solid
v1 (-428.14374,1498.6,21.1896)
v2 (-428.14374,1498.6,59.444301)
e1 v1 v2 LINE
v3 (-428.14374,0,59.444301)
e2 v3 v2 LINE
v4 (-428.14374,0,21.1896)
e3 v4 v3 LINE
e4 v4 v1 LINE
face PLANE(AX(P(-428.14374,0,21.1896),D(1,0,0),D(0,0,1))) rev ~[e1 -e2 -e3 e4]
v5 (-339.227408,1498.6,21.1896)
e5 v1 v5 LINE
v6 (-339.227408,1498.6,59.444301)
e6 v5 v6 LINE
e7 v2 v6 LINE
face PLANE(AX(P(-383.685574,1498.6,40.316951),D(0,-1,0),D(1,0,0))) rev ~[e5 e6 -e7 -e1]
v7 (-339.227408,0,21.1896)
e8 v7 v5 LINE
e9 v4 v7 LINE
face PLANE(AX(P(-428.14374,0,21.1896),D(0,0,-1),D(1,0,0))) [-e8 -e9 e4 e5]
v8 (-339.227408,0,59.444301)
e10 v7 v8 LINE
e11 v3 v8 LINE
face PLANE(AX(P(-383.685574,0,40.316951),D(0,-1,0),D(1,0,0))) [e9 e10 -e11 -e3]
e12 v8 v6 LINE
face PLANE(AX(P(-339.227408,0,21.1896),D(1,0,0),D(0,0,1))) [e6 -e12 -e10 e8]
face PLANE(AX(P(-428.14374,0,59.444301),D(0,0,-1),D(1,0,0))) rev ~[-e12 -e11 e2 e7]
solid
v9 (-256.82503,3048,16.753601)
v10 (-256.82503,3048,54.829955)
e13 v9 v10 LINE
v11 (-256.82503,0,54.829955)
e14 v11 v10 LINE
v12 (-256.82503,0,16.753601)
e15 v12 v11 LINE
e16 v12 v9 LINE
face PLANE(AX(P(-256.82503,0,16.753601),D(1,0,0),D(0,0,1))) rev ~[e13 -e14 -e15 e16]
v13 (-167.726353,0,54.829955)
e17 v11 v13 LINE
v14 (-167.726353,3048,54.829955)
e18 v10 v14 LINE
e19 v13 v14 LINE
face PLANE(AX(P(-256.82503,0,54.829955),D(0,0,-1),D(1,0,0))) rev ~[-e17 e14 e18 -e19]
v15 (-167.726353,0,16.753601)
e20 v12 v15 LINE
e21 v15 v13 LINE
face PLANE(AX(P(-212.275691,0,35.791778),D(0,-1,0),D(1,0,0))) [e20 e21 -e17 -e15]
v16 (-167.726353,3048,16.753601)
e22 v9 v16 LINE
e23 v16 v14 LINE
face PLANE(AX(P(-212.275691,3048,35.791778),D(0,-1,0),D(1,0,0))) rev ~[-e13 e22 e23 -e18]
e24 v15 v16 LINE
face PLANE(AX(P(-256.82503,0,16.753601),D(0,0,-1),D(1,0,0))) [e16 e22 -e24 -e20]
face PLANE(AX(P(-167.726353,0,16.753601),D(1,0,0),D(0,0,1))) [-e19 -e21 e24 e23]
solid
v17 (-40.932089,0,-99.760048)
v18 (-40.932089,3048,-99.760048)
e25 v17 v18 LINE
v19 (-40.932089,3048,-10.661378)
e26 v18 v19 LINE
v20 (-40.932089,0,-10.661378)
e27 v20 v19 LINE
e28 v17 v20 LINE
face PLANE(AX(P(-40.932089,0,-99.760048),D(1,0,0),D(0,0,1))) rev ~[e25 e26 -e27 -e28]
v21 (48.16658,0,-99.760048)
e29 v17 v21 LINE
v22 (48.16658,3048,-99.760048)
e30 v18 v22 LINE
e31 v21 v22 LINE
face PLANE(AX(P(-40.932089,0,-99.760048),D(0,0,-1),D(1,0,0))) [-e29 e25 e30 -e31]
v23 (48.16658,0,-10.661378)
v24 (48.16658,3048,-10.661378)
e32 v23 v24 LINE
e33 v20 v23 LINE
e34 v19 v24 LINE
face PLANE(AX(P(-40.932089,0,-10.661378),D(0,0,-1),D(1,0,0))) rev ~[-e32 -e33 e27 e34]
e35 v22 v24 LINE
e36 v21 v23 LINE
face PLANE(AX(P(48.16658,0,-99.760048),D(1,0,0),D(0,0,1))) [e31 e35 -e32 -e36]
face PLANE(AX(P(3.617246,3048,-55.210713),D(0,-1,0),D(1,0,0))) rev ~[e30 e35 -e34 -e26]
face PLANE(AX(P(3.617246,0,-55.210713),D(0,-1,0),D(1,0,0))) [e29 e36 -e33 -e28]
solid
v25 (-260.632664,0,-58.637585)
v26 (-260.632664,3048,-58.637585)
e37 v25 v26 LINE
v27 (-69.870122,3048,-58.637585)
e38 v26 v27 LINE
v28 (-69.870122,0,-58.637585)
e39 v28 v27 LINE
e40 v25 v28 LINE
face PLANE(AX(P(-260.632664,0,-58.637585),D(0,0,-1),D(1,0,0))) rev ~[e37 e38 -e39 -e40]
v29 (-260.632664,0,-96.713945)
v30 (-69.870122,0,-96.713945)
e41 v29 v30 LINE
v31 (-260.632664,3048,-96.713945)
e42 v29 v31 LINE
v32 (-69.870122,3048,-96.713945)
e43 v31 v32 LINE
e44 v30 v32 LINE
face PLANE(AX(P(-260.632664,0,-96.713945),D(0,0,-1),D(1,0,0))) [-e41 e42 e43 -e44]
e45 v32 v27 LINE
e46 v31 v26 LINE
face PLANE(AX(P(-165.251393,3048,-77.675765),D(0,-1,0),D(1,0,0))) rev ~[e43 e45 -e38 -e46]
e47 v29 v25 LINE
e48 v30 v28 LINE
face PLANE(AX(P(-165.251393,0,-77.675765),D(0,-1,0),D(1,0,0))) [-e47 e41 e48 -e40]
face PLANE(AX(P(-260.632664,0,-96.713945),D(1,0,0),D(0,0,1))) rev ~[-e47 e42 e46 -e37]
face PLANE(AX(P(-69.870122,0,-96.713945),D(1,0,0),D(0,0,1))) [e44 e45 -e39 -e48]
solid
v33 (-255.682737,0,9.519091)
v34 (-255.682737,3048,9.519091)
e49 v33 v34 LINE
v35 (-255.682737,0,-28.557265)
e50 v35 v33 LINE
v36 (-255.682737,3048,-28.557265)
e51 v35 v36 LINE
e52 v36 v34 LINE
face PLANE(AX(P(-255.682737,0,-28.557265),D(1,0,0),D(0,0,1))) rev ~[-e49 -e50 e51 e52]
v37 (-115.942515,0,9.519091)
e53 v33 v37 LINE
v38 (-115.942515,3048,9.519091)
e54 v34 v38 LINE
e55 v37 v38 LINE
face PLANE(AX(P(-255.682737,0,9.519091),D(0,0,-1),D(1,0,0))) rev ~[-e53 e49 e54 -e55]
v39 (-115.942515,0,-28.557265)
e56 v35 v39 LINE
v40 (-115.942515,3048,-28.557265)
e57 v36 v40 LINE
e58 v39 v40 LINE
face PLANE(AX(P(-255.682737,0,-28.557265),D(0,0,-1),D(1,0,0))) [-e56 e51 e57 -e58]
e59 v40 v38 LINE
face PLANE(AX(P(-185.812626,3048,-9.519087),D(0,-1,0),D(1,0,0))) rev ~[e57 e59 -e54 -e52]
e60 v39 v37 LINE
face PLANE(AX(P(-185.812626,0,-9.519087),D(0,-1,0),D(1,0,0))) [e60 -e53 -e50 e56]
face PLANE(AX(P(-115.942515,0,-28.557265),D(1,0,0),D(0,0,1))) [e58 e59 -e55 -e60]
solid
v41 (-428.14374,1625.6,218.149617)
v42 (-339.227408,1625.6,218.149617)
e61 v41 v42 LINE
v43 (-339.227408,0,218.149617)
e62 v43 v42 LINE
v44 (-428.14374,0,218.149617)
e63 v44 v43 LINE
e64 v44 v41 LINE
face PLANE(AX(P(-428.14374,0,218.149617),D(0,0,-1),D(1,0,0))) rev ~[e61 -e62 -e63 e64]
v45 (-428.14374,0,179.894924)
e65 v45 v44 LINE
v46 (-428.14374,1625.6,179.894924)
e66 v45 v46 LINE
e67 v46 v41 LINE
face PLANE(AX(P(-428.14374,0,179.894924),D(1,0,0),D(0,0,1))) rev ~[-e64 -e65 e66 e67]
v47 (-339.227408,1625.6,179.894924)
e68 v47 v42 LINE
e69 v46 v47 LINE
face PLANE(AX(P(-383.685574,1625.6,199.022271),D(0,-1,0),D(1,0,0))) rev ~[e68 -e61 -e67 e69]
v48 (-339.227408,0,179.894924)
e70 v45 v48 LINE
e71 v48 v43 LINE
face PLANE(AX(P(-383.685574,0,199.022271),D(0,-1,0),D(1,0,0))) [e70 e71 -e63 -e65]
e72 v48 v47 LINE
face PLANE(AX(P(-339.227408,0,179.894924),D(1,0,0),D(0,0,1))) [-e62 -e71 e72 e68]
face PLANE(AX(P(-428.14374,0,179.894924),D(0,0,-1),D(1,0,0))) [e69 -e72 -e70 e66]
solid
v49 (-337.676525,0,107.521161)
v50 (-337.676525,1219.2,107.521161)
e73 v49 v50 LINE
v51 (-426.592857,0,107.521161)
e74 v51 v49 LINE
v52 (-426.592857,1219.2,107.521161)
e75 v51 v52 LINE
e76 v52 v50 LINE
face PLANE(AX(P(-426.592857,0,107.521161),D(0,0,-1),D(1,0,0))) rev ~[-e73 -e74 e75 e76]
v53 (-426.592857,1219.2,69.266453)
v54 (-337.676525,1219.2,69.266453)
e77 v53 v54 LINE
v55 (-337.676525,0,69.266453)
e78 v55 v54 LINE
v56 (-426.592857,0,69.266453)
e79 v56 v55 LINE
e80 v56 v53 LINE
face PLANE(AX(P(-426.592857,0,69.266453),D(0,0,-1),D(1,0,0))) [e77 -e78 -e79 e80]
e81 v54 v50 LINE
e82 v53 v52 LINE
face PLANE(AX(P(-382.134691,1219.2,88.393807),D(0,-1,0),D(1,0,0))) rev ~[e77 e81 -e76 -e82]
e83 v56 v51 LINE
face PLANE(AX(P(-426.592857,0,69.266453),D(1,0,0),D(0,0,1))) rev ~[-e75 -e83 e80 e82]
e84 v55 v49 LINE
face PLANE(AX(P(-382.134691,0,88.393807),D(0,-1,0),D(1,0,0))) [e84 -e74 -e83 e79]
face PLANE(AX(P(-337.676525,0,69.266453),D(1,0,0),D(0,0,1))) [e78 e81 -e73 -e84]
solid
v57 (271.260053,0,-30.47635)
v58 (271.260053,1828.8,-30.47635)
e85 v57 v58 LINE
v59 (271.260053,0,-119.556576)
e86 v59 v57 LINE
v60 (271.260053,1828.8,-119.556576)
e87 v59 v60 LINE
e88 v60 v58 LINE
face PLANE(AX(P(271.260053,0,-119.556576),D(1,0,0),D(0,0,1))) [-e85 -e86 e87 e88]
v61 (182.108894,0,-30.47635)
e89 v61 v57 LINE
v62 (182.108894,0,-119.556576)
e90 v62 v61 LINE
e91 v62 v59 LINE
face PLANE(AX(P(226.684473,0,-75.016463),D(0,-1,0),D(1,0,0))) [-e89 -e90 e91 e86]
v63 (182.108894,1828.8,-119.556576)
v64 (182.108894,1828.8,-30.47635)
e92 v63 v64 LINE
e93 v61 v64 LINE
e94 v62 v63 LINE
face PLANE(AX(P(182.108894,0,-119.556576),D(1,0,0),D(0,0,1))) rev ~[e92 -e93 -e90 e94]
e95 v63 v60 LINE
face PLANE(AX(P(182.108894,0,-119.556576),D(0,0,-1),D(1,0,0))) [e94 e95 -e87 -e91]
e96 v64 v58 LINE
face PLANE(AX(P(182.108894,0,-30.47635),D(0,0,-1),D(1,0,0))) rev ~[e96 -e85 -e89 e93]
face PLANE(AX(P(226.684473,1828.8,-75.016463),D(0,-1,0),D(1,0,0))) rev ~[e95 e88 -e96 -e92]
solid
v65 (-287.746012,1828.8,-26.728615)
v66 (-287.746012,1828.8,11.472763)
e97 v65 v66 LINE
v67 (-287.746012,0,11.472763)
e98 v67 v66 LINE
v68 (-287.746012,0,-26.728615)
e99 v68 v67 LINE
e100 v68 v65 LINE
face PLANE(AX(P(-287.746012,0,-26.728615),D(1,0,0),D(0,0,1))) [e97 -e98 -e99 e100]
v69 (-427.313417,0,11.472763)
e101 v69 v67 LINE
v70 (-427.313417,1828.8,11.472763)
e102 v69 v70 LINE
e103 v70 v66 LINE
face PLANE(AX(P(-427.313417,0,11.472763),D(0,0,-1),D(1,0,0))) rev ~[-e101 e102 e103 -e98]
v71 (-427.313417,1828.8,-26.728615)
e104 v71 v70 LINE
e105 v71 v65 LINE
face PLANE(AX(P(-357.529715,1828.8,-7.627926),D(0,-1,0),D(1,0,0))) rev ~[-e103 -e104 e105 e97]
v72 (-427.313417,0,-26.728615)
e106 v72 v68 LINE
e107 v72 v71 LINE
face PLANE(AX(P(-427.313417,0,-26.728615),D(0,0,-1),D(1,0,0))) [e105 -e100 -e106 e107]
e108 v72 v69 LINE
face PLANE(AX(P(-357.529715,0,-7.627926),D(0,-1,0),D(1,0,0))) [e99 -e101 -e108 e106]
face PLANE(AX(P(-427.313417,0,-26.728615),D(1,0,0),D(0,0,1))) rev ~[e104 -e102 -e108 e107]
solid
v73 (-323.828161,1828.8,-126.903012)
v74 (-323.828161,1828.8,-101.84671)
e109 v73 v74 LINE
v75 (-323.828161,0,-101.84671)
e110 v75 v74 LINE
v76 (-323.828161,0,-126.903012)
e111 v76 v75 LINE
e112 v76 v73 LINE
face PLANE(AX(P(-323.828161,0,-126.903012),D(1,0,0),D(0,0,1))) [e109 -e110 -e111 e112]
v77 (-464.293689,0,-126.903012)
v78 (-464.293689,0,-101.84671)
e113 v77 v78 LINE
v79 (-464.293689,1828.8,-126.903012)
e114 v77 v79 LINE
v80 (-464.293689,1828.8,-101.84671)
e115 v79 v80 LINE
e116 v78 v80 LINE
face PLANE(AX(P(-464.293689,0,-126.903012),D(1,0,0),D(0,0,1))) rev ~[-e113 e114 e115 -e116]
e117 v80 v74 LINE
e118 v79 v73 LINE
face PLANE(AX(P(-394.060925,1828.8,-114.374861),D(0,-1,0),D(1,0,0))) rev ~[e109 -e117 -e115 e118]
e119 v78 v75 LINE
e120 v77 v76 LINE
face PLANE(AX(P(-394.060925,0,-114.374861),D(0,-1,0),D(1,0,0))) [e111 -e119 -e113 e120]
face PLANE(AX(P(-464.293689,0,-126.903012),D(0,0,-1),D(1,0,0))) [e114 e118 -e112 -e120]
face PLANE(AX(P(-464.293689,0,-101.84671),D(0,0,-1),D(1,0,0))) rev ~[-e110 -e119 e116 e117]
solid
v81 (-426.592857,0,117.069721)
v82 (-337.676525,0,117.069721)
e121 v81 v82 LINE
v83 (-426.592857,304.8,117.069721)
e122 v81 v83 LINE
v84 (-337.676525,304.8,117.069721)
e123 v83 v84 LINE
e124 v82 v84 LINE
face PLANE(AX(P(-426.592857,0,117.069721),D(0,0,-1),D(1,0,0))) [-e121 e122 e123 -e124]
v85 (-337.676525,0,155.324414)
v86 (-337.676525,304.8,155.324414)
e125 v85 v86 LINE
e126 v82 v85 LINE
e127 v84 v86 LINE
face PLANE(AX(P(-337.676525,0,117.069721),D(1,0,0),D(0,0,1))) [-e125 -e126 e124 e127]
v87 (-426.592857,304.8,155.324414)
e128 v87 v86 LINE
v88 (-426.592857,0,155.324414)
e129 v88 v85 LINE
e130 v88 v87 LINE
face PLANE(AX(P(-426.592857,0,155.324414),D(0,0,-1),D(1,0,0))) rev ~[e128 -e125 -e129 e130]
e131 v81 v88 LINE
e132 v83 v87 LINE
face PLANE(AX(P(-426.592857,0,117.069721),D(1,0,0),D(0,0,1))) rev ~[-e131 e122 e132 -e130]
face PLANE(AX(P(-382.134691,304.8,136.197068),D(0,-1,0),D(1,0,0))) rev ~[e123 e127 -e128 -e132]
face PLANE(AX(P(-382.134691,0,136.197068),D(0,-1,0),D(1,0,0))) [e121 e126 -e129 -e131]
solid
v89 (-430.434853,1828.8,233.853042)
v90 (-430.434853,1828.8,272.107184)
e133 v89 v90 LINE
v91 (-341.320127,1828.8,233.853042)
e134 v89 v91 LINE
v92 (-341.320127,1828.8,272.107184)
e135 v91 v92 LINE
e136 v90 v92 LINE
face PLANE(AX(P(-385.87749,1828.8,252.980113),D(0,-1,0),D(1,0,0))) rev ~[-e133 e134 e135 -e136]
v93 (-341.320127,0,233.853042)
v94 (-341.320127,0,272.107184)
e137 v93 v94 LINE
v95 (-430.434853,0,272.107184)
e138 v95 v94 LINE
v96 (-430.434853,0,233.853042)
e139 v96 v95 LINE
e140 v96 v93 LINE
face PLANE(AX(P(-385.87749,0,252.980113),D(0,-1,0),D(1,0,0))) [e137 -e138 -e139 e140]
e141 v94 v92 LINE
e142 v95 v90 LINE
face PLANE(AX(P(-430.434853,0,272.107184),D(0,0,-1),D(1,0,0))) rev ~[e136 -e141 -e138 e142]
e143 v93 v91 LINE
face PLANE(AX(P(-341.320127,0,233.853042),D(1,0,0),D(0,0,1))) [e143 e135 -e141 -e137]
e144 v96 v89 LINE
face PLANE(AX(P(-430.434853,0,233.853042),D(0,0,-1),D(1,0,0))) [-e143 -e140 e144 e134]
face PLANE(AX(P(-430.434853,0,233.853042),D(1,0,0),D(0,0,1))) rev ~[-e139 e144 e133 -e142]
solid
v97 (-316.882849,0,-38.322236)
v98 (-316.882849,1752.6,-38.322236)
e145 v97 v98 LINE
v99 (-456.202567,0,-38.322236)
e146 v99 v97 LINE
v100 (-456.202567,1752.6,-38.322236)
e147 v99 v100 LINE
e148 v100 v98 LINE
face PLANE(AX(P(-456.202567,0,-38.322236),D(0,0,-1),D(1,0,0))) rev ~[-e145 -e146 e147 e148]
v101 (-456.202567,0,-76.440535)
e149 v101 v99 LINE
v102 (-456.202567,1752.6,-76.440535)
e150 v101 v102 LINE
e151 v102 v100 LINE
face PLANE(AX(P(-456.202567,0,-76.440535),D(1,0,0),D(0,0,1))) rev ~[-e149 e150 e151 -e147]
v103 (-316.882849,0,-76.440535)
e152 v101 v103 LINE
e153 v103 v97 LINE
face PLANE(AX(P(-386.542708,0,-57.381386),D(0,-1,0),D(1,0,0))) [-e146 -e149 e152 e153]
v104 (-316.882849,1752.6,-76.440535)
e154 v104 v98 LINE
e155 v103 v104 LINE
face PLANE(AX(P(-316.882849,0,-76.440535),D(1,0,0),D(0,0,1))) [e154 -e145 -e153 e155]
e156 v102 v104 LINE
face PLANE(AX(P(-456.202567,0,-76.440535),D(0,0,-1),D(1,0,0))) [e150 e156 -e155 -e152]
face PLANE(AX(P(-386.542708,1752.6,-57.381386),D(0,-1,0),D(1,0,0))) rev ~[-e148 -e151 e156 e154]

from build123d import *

# Parameters (mm, degrees)
F0_W      = 190.7625421882
F0_H      = 38.0763597786
F1_DEPTH  = 3048
F0_W_2    = 89.0986770391
F0_H_2    = 38.0763541907
F0_W_3    = 139.7402212024
F0_H_3    = 38.0763560534
F0_W_4    = 89.0986695886
F0_H_4    = 89.0986705199
F3_W      = 139.5674049854
F3_H      = 38.2013777271
F4_DEPTH  = 1828.8
F5_W      = 139.3197178841
F5_H      = 38.1182990968
F6_DEPTH  = 1752.6
F7_W      = 140.4655277729
F7_H      = 25.0563025475
F8_DEPTH  = 1828.8
F9_W      = 89.1511589289
F9_H      = 89.0802256763
F10_DEPTH = 1828.8
F11_W     = 88.9163315296
F11_H     = 38.2546931505
F12_DEPTH = 304.8
F13_W     = 88.9163315296
F13_H     = 38.2547080517
F14_DEPTH = 1219.2
F15_W     = 88.9163315296
F15_H     = 38.2547006011
F16_DEPTH = 1498.6
F17_W     = 88.9163315296
F17_H     = 38.2546931505
F18_DEPTH = 1625.6
F19_W     = 89.1147255898
F19_H     = 38.2541418076
F20_DEPTH = 1828.8


with BuildPart() as f1:
    # F0 (on Front) → F1 (new body)
    with BuildSketch(Plane.XZ):
        with Locations((-165.2513928711, -77.6757653803)):
            Rectangle(F0_W, F0_H)
    extrude(amount=-F1_DEPTH)


with BuildPart() as f1b:
    # F0 (on Front) → F1, piece 2 (new body)
    with BuildSketch(Plane.XZ):
        with Locations((-212.2756913304, 35.7917780057)):
            Rectangle(F0_W_2, F0_H_2)
    extrude(amount=-F1_DEPTH)


with BuildPart() as f1c:
    # F0 (on Front) → F1, piece 3 (new body)
    with BuildSketch(Plane.XZ):
        with Locations((-185.812626034, -9.5190871507)):
            Rectangle(F0_W_3, F0_H_3)
    extrude(amount=-F1_DEPTH)


with BuildPart() as f1d:
    # F0 (on Front) → F1, piece 4 (new body)
    with BuildSketch(Plane.XZ):
        with Locations((3.6172457039, -55.2107128315)):
            Rectangle(F0_W_4, F0_H_4)
    extrude(amount=-F1_DEPTH)


with BuildPart() as f1e:
    # F0 (on Front) → F1, piece 5 (new body)
    with BuildSketch(Plane.XZ):
        with Locations((-378.5708583891, 173.0128061026)):
            Rectangle(F0_W_3, F0_H_3)
    extrude(amount=-F1_DEPTH)


with BuildPart() as f4:
    # F3 (on face) → F4 (new body)
    with BuildSketch(Plane.XZ):
        with Locations((-357.5297147036, -7.6279263012)):
            Rectangle(F3_W, F3_H)
    extrude(amount=-F4_DEPTH)


with BuildPart() as f6:
    # F5 (on face) → F6 (new body)
    with BuildSketch(Plane.XZ):
        with Locations((-386.5427076817, -57.3813859373)):
            Rectangle(F5_W, F5_H)
    extrude(amount=-F6_DEPTH)


with BuildPart() as f8:
    # F7 (on face) → F8 (new body)
    with BuildSketch(Plane.XZ):
        with Locations((-394.0609246492, -114.3748611212)):
            Rectangle(F7_W, F7_H)
    extrude(amount=-F8_DEPTH)


with BuildPart() as f10:
    # F9 (on face) → F10 (new body)
    with BuildSketch(Plane.XZ):
        with Locations((226.684473455, -75.0164631754)):
            Rectangle(F9_W, F9_H)
    extrude(amount=-F10_DEPTH)


with BuildPart() as f12:
    # F11 (on Front) → F12 (new body)
    with BuildSketch(Plane.XZ):
        with Locations((-382.1346908808, 136.1970677972)):
            Rectangle(F11_W, F11_H)
    extrude(amount=-F12_DEPTH)


with BuildPart() as f14:
    # F13 (on Front) → F14 (new body)
    with BuildSketch(Plane.XZ):
        with Locations((-382.1346908808, 88.3938074112)):
            Rectangle(F13_W, F13_H)
    extrude(amount=-F14_DEPTH)


with BuildPart() as f16:
    # F15 (on Front) → F16 (new body)
    with BuildSketch(Plane.XZ):
        with Locations((-383.6855739355, 40.3169505298)):
            Rectangle(F15_W, F15_H)
    extrude(amount=-F16_DEPTH)


with BuildPart() as f18:
    # F17 (on Front) → F18 (new body)
    with BuildSketch(Plane.XZ):
        with Locations((-383.6855739355, 199.0222707391)):
            Rectangle(F17_W, F17_H)
    extrude(amount=-F18_DEPTH)


with BuildPart() as f20:
    # F19 (on Front) → F20 (new body)
    with BuildSketch(Plane.XZ):
        with Locations((-385.8774900436, 252.9801130295)):
            Rectangle(F19_W, F19_H)
    extrude(amount=-F20_DEPTH)


solid = Compound([f1.part, f1b.part, f1c.part, f1d.part, f4.part, f6.part, f8.part, f10.part, f12.part, f14.part, f16.part, f18.part, f20.part])
